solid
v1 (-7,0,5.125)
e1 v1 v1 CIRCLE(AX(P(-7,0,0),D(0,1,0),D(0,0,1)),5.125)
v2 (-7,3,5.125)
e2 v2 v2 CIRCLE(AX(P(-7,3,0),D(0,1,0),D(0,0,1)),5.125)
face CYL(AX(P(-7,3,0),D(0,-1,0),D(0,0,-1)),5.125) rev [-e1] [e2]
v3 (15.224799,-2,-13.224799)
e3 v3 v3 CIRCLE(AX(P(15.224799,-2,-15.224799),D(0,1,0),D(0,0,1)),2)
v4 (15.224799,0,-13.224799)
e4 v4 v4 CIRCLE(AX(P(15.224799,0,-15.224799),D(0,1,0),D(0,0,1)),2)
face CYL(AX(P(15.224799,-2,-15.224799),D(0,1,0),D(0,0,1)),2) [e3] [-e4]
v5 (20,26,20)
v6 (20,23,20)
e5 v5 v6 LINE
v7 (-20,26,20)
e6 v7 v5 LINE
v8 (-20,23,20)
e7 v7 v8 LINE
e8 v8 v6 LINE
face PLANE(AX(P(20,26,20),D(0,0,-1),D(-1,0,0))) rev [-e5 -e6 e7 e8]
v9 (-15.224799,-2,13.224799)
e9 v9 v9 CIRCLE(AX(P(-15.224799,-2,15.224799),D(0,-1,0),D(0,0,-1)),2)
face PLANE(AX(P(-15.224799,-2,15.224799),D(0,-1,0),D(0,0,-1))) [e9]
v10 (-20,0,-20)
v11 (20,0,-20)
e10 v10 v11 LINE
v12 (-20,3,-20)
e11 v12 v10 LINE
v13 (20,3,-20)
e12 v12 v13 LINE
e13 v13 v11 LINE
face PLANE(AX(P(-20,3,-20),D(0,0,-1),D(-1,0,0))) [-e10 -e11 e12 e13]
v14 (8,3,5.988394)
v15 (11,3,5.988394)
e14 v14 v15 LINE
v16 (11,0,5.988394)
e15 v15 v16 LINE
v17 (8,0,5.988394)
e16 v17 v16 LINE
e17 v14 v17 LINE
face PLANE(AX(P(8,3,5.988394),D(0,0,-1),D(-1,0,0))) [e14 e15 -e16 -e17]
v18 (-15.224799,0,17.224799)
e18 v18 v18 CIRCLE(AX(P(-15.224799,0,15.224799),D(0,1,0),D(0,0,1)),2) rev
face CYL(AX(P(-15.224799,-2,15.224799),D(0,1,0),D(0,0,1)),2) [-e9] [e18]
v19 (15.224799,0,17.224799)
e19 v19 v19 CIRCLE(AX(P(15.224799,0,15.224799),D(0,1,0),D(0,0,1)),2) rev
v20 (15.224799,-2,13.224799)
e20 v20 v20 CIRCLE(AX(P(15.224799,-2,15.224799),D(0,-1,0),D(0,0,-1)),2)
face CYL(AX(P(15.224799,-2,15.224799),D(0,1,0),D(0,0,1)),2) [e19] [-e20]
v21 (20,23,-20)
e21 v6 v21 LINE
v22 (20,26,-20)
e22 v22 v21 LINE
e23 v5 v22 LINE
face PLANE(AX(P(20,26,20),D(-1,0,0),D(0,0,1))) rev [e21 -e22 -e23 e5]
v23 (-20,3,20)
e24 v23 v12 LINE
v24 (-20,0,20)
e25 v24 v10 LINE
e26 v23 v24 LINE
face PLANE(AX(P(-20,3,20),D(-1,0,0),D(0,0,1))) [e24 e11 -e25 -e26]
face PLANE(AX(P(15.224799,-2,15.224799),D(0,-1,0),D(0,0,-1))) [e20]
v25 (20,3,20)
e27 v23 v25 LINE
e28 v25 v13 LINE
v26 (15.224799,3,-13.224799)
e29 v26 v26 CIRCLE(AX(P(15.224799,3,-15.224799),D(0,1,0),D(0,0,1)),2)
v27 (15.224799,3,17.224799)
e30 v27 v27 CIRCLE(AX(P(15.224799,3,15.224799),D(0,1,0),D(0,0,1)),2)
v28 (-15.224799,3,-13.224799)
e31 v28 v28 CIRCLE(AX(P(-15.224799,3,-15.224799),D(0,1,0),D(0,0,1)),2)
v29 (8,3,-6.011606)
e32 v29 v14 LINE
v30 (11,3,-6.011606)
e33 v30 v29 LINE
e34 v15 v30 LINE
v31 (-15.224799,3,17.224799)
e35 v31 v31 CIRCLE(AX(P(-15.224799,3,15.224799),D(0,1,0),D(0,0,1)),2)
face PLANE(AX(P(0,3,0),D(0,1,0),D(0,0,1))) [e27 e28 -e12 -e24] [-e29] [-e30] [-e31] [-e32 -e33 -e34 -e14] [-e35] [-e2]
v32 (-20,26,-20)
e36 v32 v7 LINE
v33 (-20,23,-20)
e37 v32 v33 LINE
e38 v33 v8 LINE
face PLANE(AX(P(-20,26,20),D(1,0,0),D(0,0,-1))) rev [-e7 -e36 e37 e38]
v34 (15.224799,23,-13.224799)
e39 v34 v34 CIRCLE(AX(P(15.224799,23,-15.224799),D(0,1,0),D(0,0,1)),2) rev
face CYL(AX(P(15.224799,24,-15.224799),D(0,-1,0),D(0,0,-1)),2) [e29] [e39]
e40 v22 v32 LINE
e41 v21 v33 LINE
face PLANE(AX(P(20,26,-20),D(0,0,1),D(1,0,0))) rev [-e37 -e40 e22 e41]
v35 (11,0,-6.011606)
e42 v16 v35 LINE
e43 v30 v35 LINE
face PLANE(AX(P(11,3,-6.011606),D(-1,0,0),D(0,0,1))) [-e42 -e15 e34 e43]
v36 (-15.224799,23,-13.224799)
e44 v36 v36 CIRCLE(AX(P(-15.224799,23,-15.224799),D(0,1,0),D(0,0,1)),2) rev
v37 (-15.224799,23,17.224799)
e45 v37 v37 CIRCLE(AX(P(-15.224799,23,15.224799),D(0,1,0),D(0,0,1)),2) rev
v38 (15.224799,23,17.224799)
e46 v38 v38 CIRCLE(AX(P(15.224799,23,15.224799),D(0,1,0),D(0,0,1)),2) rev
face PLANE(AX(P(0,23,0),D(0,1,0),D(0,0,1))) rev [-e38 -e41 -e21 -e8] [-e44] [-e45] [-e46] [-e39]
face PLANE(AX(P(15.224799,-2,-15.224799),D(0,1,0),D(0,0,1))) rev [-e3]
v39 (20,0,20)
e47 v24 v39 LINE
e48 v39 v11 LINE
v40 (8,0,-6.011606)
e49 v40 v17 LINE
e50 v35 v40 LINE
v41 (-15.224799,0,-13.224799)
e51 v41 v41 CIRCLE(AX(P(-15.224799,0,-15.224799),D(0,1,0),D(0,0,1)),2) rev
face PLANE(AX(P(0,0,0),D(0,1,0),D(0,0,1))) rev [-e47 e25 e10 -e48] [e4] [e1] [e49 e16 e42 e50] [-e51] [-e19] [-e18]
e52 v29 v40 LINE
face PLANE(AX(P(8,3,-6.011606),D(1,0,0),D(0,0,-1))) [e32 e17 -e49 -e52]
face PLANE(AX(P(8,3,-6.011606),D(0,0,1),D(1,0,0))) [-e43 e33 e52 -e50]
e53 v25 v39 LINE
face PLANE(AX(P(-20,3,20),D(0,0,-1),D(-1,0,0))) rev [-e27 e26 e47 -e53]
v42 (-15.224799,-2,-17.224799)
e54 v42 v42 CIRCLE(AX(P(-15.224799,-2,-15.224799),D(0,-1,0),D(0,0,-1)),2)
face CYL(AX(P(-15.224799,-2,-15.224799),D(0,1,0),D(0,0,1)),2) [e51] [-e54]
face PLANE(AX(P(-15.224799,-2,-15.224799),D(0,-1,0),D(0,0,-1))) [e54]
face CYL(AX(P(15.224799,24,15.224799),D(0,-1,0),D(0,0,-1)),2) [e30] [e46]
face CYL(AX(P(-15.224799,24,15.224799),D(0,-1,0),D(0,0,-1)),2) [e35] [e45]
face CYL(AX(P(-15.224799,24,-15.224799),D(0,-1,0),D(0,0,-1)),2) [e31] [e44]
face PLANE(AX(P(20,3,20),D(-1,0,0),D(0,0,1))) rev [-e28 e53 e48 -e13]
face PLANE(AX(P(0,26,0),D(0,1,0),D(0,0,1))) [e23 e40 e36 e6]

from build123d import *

# Parameters (mm, degrees)
SKETCH_2_W          = 40
SKETCH_2_H          = 40
EXTRUDE_2_DEPTH     = 3
SKETCH_3_R          = 2
SKETCH_3_R_2        = 5.125
SKETCH_3_W          = 3
SKETCH_3_H          = 12
CUT_EXTRUDE_1_DEPTH = 3
EXTRUDE_START       = 20
SKETCH_9_W          = 40
SKETCH_9_H          = 40
EXTRUDE_4_DEPTH     = 3
SKETCH_3_3_R        = 2
EXTRUDE_5_DEPTH     = 24
EXTRUDE_START_2     = -2
SKETCH_2_8_R        = 2
EXTRUDE_6_DEPTH     = 2


with BuildPart() as part:
    # 草图2 → 凸台-拉伸2 (new body)
    with BuildSketch(Plane(origin=(0, 0, 0), x_dir=(1, 0, 0), z_dir=(0, 1, 0))):
        Rectangle(SKETCH_2_W, SKETCH_2_H)
    extrude(amount=EXTRUDE_2_DEPTH)

    # 草图3 → 切除-拉伸1 (cut)
    with BuildSketch(Plane(origin=(0, 0, 0), x_dir=(1, 0, 0), z_dir=(0, 1, 0))):
        with Locations((-15.224798987, -15.224798987)):
            Circle(SKETCH_3_R)
        with Locations((15.224798987, -15.224798987)):
            Circle(SKETCH_3_R)
        with Locations((15.224798987, 15.224798987)):
            Circle(SKETCH_3_R)
        with Locations((-15.224798987, 15.224798987)):
            Circle(SKETCH_3_R)
        with Locations((-7, 0)):
            Circle(SKETCH_3_R_2)
        with Locations((9.5, 0.011605537)):
            Rectangle(SKETCH_3_W, SKETCH_3_H)
    extrude(amount=CUT_EXTRUDE_1_DEPTH, mode=Mode.SUBTRACT)



with BuildPart() as body_2:
    # 草图9 → 凸台-拉伸4 (new body)
    with BuildSketch(Plane(origin=(0, 3, 0), x_dir=(1, 0, 0), z_dir=(0, 1, 0)).offset(EXTRUDE_START)):
        Rectangle(SKETCH_9_W, SKETCH_9_H)
    extrude(amount=EXTRUDE_4_DEPTH)

    # 草图3<3> → 凸台-拉伸5 (add)
    with BuildSketch(Plane(origin=(0, 0, 0), x_dir=(1, 0, 0), z_dir=(0, 1, 0))):
        with Locations((-15.224798987, -15.224798987)):
            Circle(SKETCH_3_3_R)
        with Locations((15.224798987, -15.224798987)):
            Circle(SKETCH_3_3_R)
        with Locations((15.224798987, 15.224798987)):
            Circle(SKETCH_3_3_R)
        with Locations((-15.224798987, 15.224798987)):
            Circle(SKETCH_3_3_R)
    extrude(amount=EXTRUDE_5_DEPTH)


with BuildPart() as part_1:
    add(part.part)

    add(body_2.part)  # 凸台-拉伸6 merges body 2
    # 草图2<8> → 凸台-拉伸6 (add)
    with BuildSketch(Plane(origin=(0, 0, 0), x_dir=(1, 0, 0), z_dir=(0, 1, 0)).offset(EXTRUDE_START_2)):
        with Locations((15.224798987, 15.224798987)):
            Circle(SKETCH_2_8_R)
        with Locations((-15.224798987, -15.224798987)):
            Circle(SKETCH_2_8_R)
        with Locations((15.224798987, -15.224798987)):
            Circle(SKETCH_2_8_R)
        with Locations((-15.224798987, 15.224798987)):
            Circle(SKETCH_2_8_R)
    extrude(amount=EXTRUDE_6_DEPTH)


solid = part_1.part
